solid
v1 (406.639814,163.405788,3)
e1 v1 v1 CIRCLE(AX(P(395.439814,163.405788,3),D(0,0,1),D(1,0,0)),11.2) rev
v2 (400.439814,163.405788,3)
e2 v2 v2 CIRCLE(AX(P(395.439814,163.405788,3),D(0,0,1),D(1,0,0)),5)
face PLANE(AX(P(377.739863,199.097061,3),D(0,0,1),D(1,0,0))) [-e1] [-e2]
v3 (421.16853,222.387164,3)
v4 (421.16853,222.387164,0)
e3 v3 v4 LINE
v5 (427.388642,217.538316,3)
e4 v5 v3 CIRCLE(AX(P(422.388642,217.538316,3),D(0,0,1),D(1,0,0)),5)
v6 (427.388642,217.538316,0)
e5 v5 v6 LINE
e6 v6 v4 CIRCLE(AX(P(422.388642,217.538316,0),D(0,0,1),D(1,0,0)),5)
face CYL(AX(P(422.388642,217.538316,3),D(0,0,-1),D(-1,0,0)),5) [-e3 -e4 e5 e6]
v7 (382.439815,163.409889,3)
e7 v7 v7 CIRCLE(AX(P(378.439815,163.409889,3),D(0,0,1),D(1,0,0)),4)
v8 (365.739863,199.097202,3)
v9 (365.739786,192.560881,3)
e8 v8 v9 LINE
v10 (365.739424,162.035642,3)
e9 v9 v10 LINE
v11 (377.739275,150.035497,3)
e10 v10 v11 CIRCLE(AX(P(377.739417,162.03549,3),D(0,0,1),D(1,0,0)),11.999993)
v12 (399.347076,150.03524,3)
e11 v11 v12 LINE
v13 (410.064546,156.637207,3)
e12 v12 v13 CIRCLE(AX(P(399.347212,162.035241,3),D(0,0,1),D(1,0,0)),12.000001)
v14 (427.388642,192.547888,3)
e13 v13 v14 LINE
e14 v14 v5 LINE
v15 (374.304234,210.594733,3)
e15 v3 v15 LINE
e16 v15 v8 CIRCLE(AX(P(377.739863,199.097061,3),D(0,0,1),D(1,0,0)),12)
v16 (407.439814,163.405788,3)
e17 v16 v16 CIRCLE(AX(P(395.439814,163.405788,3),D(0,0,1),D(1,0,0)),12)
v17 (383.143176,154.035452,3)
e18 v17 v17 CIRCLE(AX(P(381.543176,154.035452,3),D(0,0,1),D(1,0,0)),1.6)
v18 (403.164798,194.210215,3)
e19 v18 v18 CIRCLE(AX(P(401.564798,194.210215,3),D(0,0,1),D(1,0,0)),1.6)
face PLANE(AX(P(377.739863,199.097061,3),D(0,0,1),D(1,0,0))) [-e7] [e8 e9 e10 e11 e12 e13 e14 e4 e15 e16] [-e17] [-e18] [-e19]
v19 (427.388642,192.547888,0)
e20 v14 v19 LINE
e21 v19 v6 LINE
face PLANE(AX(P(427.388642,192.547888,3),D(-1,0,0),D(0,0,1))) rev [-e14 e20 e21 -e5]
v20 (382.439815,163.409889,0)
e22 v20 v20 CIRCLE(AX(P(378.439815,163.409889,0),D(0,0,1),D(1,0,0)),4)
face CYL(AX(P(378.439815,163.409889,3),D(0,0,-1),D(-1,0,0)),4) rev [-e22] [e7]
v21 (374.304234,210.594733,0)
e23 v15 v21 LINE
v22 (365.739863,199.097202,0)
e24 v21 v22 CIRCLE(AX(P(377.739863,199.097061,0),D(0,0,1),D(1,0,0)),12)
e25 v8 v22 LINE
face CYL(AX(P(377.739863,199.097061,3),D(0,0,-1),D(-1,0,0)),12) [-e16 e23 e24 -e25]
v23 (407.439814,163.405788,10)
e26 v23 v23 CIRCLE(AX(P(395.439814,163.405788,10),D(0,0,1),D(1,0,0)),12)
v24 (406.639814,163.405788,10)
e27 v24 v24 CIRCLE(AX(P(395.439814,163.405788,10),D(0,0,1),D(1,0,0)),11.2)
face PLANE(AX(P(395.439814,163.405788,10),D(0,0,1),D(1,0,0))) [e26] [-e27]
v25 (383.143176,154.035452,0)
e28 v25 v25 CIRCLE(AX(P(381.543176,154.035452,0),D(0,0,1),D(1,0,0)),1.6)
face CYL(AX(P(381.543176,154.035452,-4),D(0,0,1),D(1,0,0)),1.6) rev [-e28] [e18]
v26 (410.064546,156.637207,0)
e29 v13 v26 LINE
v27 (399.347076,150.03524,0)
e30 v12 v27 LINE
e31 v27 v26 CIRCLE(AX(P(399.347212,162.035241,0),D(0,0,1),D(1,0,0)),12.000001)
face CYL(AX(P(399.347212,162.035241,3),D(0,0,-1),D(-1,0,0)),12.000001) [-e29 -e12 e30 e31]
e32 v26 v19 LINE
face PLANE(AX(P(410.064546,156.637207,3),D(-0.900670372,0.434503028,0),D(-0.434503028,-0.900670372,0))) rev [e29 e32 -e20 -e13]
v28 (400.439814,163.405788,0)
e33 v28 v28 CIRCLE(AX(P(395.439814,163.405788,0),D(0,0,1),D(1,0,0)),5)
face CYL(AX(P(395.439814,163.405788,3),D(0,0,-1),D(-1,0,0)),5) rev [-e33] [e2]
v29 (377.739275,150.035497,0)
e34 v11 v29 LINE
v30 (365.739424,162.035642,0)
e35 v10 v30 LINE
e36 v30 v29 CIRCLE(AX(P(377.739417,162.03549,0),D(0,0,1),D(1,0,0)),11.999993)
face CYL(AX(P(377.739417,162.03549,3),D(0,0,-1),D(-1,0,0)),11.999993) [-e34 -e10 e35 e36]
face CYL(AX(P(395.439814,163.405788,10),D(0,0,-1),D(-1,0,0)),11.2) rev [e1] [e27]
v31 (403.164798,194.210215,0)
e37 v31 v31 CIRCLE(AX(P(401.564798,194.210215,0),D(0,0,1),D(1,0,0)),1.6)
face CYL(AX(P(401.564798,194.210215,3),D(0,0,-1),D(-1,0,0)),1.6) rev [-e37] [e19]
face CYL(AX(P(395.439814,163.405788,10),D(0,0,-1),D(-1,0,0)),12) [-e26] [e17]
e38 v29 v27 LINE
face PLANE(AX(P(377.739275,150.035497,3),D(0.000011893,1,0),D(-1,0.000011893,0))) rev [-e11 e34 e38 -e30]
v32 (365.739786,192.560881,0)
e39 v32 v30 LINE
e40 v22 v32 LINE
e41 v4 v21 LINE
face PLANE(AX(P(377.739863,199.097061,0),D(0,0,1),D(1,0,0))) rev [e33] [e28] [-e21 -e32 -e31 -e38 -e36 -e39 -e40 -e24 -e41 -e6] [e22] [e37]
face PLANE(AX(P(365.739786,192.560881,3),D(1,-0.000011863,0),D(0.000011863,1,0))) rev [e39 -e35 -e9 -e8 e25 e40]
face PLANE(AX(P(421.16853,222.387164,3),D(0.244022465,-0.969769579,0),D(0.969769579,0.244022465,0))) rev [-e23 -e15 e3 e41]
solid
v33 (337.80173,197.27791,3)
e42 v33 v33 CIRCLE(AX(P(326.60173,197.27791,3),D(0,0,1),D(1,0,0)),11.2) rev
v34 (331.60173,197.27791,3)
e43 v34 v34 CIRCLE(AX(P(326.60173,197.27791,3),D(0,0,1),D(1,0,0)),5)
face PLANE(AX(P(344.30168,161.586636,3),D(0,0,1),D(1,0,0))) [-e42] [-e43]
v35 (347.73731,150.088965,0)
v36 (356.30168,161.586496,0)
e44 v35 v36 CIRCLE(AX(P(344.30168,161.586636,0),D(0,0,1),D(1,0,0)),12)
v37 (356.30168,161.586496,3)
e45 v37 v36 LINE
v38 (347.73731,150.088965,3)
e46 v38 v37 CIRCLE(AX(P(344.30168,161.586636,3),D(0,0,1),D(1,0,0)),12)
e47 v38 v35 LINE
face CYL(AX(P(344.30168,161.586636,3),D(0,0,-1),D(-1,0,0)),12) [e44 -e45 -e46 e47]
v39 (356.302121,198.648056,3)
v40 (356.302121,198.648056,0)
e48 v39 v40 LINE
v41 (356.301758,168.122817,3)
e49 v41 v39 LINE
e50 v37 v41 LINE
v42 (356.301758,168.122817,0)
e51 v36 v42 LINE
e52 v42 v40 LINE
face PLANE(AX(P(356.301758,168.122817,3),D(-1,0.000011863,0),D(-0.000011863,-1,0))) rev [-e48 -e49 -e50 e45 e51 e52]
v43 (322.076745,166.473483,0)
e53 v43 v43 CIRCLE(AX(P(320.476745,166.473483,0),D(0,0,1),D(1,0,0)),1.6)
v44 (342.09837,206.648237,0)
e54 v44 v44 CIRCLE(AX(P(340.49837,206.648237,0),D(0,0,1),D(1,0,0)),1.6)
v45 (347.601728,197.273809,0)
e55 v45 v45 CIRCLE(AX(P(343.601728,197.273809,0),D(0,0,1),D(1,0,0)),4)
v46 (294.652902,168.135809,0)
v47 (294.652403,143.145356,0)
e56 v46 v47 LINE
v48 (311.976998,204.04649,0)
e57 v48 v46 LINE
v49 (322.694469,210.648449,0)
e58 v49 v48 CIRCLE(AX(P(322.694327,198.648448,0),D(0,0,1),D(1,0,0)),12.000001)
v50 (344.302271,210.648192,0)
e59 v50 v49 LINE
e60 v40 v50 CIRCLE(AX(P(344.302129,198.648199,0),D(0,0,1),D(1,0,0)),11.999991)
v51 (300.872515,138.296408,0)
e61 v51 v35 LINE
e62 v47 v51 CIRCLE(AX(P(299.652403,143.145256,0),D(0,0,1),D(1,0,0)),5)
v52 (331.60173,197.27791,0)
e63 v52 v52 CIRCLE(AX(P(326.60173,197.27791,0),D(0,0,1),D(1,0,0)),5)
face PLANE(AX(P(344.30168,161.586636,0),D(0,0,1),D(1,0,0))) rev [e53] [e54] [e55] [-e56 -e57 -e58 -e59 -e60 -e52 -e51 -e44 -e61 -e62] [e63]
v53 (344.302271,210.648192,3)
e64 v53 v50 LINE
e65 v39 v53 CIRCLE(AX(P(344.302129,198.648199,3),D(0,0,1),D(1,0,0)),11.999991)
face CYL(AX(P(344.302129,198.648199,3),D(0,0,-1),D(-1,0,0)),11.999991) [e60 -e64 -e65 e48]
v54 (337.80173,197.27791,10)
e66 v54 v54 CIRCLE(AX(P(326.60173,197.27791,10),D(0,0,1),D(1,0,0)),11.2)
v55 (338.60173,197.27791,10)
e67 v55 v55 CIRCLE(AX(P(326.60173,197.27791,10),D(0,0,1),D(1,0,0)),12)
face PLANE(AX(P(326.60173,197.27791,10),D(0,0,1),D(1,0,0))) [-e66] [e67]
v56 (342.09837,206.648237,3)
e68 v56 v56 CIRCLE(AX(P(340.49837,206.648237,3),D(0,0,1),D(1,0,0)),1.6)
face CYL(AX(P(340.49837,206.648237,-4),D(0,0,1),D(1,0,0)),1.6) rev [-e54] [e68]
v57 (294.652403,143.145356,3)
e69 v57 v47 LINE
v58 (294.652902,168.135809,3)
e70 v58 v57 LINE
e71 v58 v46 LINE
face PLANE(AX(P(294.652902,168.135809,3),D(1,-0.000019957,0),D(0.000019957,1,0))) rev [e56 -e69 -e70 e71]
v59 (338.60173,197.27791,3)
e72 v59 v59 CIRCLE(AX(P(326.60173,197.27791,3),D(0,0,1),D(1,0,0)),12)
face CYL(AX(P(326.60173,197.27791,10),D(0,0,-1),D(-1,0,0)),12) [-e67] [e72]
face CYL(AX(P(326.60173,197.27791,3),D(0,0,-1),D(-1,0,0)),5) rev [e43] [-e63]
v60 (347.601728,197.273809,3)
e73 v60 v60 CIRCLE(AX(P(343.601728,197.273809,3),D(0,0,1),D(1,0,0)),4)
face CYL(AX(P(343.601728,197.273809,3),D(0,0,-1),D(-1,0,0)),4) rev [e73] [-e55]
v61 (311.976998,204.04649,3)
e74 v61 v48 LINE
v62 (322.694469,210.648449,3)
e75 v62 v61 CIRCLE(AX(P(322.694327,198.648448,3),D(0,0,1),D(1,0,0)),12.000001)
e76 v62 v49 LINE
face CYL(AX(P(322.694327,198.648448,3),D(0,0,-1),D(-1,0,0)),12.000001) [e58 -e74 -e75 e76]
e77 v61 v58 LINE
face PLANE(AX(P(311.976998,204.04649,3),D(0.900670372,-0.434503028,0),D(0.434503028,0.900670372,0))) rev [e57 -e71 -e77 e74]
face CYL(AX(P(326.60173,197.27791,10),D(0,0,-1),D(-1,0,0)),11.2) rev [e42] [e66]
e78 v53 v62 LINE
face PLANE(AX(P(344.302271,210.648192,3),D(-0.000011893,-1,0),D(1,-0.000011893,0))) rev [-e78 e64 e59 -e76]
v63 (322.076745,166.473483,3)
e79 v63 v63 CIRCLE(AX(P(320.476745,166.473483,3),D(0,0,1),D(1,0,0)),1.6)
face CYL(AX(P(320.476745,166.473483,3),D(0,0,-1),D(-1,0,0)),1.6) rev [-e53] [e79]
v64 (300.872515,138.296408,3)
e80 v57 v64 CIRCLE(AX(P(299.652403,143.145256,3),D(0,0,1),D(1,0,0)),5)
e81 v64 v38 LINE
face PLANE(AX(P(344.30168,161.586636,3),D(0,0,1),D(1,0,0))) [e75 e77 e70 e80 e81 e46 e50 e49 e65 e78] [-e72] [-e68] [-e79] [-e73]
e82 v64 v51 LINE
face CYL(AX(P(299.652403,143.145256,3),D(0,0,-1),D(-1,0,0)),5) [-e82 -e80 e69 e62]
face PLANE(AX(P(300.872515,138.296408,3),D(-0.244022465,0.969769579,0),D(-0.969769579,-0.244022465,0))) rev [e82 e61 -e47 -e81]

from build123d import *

# Parameters (mm, degrees)
MODEL_R                       = 5
MODEL_R_2                     = 4
MODEL_R_3                     = 1.6
Y_KSEKLIK_EKSTR_ZYON2_DEPTH   = 3
Y_KSEKLIK_EKSTR_ZYON2_2_DEPTH = 3
IZIM2_R                       = 12
IZIM2_R_2                     = 11.2
Y_KSEKLIK_EKSTR_ZYON3_DEPTH   = 7
IZIM3_R                       = 1.6
KES_EKSTR_ZYON1_DEPTH         = 7


with BuildPart() as part:
    # Model → Yükseklik-Ekstrüzyon2 (new body)
    with BuildSketch(Plane.XY):
        with BuildLine():
            Line((294.652901745, 168.135808825), (294.652403018, 143.145355564))
            ThreePointArc((294.652403018, 143.145355564), (296.578324113, 139.201902019), (300.872515341, 138.296407884))
            Line((300.872515341, 138.296407884), (347.73731009, 150.088964557))
            ThreePointArc((347.73731009, 150.088964557), (353.925243575, 154.418161808), (356.30167976, 161.586496391))
            Line((356.30167976, 161.586496391), (356.30175763, 168.122816561))
            Line((356.30175763, 168.122816561), (356.302119744, 198.648056356))
            ThreePointArc((356.302119744, 198.648056356), (352.78750447, 207.133373479), (344.302270705, 210.648191543))
            Line((344.302270705, 210.648191543), (322.694469143, 210.648448535))
            ThreePointArc((322.694469143, 210.648448535), (316.400600951, 208.865542582), (311.97699764, 204.046490372))
            Line((311.97699764, 204.046490372), (294.652901745, 168.135808825))
        make_face()
        with Locations((326.6017296, 197.277910195)):
            Circle(MODEL_R, mode=Mode.SUBTRACT)
        with Locations((343.601728105, 197.273808594)):
            Circle(MODEL_R_2, mode=Mode.SUBTRACT)
        with Locations((320.476745212, 166.47348332)):
            Circle(MODEL_R_3, mode=Mode.SUBTRACT)
    extrude(amount=Y_KSEKLIK_EKSTR_ZYON2_DEPTH)



with BuildPart() as body_2:
    # Model → Y_kseklik-Ekstr_zyon2 2 (new body)
    with BuildSketch(Plane.XY):
        with BuildLine():
            Line((421.16852996, 222.387163837), (374.304233938, 210.594732659))
            ThreePointArc((374.304233938, 210.594732659), (368.116300221, 206.265535904), (365.739863495, 199.097201598))
            Line((365.739863495, 199.097201598), (365.739824693, 195.860800514))
            Line((365.739824693, 195.860800514), (365.739785625, 192.560881428))
            Line((365.739785625, 192.560881428), (365.739423511, 162.035641633))
            ThreePointArc((365.739423511, 162.035641633), (369.254036528, 153.550317503), (377.739274869, 150.035497369))
            Line((377.739274869, 150.035497369), (399.347076431, 150.035240377))
            ThreePointArc((399.347076431, 150.035240377), (405.640945291, 151.818150271), (410.064546388, 156.637206844))
            Line((410.064546388, 156.637206844), (427.388642283, 192.547888391))
            Line((427.388642283, 192.547888391), (427.388642283, 217.538315941))
            ThreePointArc((427.388642283, 217.538315941), (425.462681839, 221.481700377), (421.16852996, 222.387163837))
        make_face()
        with Locations((395.439813655, 163.405787794)):
            Circle(MODEL_R, mode=Mode.SUBTRACT)
        with Locations((378.43981515, 163.409889395)):
            Circle(MODEL_R_2, mode=Mode.SUBTRACT)
        with Locations((401.564798043, 194.210214669)):
            Circle(MODEL_R_3, mode=Mode.SUBTRACT)
    extrude(amount=Y_KSEKLIK_EKSTR_ZYON2_2_DEPTH)


with BuildPart() as part_1:
    add(part.part)

    add(body_2.part)  # Yükseklik-Ekstrüzyon3 merges body 2
    # Çizim2 → Yükseklik-Ekstrüzyon3 (add)
    # profile 1 of 2: a face of its own
    with BuildSketch(Plane.XY.offset(3)):
        with Locations((395.439813655, 163.405787794)):
            Circle(IZIM2_R)
        with Locations((395.439813655, 163.405787794)):
            Circle(IZIM2_R_2, mode=Mode.SUBTRACT)
    # profile 2 of 2: a face of its own
    with BuildSketch(Plane.XY.offset(3)):
        with Locations((326.6017296, 197.277910195)):
            Circle(IZIM2_R)
        with Locations((326.6017296, 197.277910195)):
            Circle(IZIM2_R_2, mode=Mode.SUBTRACT)
    extrude(amount=Y_KSEKLIK_EKSTR_ZYON3_DEPTH)

    # Çizim3 → Kes-Ekstrüzyon1 (cut)
    with BuildSketch(Plane.XY.offset(3)):
        with Locations((340.498369924, 206.648236785)):
            Circle(IZIM3_R)
        with Locations((381.54317565, 154.035452128)):
            Circle(IZIM3_R)
    extrude(amount=-KES_EKSTR_ZYON1_DEPTH, mode=Mode.SUBTRACT)


solid = part_1.part
